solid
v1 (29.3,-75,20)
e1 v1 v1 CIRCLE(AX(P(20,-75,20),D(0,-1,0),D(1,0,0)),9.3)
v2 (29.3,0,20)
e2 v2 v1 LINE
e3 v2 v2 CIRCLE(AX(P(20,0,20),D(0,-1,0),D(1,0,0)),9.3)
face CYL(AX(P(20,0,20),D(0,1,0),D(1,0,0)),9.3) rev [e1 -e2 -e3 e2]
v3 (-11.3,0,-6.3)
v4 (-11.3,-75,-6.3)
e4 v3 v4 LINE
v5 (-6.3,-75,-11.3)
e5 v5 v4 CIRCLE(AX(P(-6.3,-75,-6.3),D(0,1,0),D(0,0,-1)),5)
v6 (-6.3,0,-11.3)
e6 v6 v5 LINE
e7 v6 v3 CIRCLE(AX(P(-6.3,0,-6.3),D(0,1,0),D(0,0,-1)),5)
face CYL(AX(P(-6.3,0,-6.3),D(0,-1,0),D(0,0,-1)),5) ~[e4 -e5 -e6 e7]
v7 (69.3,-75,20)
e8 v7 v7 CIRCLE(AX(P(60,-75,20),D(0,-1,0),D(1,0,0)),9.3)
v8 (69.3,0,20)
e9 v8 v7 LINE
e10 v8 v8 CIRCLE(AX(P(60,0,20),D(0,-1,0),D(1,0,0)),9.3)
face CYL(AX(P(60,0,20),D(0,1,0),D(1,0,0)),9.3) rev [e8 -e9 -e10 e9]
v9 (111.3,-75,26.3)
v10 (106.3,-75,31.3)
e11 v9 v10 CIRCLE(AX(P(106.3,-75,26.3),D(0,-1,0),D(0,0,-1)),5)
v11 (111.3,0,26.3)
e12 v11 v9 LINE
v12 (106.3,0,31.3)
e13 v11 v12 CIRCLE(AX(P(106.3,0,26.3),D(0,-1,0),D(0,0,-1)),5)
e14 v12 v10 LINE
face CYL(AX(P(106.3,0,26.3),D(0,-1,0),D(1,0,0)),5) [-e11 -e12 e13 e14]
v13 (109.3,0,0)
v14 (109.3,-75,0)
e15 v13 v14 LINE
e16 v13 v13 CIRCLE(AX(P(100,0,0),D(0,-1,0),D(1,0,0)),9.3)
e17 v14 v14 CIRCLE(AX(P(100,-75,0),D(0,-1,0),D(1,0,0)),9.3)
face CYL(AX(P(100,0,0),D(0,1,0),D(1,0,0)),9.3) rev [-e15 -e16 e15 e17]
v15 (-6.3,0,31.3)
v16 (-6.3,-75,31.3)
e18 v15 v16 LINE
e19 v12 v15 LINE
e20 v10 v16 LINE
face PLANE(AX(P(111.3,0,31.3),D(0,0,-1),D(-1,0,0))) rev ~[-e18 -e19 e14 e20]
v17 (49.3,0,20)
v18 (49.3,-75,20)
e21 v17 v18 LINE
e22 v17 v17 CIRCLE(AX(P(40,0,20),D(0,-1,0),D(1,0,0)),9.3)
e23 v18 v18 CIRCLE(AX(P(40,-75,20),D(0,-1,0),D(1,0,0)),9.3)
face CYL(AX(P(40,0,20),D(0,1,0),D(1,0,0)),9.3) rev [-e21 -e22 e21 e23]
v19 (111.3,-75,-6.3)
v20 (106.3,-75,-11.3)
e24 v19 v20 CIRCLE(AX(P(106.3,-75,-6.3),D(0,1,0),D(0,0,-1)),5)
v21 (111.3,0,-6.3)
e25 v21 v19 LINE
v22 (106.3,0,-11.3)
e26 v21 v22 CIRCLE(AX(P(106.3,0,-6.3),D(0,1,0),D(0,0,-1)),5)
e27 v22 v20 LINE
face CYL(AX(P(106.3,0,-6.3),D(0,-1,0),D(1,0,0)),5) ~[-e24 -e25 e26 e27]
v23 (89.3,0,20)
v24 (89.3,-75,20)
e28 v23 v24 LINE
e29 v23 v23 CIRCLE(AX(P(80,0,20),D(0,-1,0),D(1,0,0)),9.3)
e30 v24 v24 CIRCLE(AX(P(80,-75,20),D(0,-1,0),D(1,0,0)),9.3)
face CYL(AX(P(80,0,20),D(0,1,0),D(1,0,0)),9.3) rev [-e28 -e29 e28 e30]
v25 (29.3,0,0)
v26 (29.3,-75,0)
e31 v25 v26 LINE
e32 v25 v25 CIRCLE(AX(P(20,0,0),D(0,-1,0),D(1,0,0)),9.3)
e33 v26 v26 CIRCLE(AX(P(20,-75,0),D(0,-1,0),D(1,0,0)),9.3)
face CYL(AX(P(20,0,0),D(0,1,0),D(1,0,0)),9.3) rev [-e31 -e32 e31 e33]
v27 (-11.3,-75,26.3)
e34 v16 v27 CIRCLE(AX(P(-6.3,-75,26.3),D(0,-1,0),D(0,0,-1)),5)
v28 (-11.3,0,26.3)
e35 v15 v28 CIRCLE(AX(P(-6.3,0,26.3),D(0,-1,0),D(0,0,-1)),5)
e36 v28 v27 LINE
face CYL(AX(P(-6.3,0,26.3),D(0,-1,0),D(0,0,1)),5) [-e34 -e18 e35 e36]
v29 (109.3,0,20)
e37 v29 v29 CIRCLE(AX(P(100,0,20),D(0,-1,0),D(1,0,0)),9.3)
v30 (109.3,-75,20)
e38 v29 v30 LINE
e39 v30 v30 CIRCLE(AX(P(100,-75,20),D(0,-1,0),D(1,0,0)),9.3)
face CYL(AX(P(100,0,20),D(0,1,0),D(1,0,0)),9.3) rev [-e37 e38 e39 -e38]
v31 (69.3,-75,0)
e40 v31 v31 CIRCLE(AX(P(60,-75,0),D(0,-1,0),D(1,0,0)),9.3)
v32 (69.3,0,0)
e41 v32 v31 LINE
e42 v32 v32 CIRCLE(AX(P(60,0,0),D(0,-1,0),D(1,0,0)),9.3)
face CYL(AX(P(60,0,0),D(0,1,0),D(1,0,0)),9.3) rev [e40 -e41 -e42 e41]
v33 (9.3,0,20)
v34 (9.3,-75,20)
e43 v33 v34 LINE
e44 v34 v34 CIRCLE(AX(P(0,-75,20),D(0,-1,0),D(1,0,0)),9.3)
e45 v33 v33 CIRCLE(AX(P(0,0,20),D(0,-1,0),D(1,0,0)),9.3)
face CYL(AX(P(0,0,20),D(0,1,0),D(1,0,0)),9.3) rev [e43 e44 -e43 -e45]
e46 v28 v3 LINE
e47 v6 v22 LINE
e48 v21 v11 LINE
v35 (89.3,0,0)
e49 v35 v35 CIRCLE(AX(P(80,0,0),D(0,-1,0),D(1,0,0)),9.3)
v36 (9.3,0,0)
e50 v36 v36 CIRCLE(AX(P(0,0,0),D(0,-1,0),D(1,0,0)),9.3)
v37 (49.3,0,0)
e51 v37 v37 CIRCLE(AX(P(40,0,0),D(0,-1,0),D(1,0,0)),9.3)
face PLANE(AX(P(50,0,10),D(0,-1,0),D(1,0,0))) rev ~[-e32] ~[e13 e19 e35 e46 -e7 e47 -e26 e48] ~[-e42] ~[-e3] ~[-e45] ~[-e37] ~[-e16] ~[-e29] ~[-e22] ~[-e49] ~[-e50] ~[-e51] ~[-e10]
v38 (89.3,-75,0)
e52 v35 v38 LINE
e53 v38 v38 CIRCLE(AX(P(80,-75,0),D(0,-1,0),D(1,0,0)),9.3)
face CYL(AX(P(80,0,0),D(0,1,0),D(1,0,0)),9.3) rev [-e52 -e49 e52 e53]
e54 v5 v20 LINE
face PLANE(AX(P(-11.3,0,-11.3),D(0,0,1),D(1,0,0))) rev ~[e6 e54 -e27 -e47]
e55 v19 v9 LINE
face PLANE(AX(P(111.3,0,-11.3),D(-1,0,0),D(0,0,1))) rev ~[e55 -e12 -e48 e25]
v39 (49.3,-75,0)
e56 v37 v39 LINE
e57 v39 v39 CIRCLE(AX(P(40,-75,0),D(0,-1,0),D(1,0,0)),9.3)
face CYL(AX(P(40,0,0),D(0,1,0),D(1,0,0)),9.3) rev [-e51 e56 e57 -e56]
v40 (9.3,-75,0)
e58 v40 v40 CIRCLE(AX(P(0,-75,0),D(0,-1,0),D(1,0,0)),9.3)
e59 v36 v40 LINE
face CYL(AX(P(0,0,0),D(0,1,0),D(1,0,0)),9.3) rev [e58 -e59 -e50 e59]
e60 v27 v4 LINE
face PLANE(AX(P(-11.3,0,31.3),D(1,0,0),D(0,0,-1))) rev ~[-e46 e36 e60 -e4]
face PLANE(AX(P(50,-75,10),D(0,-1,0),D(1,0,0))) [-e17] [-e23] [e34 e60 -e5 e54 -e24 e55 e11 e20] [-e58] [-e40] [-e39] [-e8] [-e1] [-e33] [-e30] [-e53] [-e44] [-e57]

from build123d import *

# Parameters (mm, degrees)
F0_R     = 9.3
F1_DEPTH = 75
F2_R     = 5


with BuildPart() as f1:
    # F0 (on Front) → F1 (new body)
    with BuildSketch(Plane.XZ):
        Polygon((0, -11.3), (111.3, -11.3), (111.3, 31.3), (-11.3, 31.3), (-11.3, -9.3), (-11.3, -11.3), (-9.3, -11.3), align=None)
        Circle(F0_R, mode=Mode.SUBTRACT)
        with Locations((20, 0)):
            Circle(F0_R, mode=Mode.SUBTRACT)
        with Locations((40, 0)):
            Circle(F0_R, mode=Mode.SUBTRACT)
        with Locations((60, 0)):
            Circle(F0_R, mode=Mode.SUBTRACT)
        with Locations((80, 0)):
            Circle(F0_R, mode=Mode.SUBTRACT)
        with Locations((100, 0)):
            Circle(F0_R, mode=Mode.SUBTRACT)
        with Locations((0, 20)):
            Circle(F0_R, mode=Mode.SUBTRACT)
        with Locations((20, 20)):
            Circle(F0_R, mode=Mode.SUBTRACT)
        with Locations((40, 20)):
            Circle(F0_R, mode=Mode.SUBTRACT)
        with Locations((60, 20)):
            Circle(F0_R, mode=Mode.SUBTRACT)
        with Locations((80, 20)):
            Circle(F0_R, mode=Mode.SUBTRACT)
        with Locations((100, 20)):
            Circle(F0_R, mode=Mode.SUBTRACT)
    extrude(amount=F1_DEPTH)

    # F2
    f2_edges = [f1.edges().sort_by_distance(p)[0] for p in [
        (111.3, -37.5, 31.3),
        (111.3, -37.5, -11.3),
        (-11.3, -37.5, 31.3),
        (-11.3, -37.5, -11.3),
    ]]
    fillet(f2_edges, radius=F2_R)


solid = f1.part
